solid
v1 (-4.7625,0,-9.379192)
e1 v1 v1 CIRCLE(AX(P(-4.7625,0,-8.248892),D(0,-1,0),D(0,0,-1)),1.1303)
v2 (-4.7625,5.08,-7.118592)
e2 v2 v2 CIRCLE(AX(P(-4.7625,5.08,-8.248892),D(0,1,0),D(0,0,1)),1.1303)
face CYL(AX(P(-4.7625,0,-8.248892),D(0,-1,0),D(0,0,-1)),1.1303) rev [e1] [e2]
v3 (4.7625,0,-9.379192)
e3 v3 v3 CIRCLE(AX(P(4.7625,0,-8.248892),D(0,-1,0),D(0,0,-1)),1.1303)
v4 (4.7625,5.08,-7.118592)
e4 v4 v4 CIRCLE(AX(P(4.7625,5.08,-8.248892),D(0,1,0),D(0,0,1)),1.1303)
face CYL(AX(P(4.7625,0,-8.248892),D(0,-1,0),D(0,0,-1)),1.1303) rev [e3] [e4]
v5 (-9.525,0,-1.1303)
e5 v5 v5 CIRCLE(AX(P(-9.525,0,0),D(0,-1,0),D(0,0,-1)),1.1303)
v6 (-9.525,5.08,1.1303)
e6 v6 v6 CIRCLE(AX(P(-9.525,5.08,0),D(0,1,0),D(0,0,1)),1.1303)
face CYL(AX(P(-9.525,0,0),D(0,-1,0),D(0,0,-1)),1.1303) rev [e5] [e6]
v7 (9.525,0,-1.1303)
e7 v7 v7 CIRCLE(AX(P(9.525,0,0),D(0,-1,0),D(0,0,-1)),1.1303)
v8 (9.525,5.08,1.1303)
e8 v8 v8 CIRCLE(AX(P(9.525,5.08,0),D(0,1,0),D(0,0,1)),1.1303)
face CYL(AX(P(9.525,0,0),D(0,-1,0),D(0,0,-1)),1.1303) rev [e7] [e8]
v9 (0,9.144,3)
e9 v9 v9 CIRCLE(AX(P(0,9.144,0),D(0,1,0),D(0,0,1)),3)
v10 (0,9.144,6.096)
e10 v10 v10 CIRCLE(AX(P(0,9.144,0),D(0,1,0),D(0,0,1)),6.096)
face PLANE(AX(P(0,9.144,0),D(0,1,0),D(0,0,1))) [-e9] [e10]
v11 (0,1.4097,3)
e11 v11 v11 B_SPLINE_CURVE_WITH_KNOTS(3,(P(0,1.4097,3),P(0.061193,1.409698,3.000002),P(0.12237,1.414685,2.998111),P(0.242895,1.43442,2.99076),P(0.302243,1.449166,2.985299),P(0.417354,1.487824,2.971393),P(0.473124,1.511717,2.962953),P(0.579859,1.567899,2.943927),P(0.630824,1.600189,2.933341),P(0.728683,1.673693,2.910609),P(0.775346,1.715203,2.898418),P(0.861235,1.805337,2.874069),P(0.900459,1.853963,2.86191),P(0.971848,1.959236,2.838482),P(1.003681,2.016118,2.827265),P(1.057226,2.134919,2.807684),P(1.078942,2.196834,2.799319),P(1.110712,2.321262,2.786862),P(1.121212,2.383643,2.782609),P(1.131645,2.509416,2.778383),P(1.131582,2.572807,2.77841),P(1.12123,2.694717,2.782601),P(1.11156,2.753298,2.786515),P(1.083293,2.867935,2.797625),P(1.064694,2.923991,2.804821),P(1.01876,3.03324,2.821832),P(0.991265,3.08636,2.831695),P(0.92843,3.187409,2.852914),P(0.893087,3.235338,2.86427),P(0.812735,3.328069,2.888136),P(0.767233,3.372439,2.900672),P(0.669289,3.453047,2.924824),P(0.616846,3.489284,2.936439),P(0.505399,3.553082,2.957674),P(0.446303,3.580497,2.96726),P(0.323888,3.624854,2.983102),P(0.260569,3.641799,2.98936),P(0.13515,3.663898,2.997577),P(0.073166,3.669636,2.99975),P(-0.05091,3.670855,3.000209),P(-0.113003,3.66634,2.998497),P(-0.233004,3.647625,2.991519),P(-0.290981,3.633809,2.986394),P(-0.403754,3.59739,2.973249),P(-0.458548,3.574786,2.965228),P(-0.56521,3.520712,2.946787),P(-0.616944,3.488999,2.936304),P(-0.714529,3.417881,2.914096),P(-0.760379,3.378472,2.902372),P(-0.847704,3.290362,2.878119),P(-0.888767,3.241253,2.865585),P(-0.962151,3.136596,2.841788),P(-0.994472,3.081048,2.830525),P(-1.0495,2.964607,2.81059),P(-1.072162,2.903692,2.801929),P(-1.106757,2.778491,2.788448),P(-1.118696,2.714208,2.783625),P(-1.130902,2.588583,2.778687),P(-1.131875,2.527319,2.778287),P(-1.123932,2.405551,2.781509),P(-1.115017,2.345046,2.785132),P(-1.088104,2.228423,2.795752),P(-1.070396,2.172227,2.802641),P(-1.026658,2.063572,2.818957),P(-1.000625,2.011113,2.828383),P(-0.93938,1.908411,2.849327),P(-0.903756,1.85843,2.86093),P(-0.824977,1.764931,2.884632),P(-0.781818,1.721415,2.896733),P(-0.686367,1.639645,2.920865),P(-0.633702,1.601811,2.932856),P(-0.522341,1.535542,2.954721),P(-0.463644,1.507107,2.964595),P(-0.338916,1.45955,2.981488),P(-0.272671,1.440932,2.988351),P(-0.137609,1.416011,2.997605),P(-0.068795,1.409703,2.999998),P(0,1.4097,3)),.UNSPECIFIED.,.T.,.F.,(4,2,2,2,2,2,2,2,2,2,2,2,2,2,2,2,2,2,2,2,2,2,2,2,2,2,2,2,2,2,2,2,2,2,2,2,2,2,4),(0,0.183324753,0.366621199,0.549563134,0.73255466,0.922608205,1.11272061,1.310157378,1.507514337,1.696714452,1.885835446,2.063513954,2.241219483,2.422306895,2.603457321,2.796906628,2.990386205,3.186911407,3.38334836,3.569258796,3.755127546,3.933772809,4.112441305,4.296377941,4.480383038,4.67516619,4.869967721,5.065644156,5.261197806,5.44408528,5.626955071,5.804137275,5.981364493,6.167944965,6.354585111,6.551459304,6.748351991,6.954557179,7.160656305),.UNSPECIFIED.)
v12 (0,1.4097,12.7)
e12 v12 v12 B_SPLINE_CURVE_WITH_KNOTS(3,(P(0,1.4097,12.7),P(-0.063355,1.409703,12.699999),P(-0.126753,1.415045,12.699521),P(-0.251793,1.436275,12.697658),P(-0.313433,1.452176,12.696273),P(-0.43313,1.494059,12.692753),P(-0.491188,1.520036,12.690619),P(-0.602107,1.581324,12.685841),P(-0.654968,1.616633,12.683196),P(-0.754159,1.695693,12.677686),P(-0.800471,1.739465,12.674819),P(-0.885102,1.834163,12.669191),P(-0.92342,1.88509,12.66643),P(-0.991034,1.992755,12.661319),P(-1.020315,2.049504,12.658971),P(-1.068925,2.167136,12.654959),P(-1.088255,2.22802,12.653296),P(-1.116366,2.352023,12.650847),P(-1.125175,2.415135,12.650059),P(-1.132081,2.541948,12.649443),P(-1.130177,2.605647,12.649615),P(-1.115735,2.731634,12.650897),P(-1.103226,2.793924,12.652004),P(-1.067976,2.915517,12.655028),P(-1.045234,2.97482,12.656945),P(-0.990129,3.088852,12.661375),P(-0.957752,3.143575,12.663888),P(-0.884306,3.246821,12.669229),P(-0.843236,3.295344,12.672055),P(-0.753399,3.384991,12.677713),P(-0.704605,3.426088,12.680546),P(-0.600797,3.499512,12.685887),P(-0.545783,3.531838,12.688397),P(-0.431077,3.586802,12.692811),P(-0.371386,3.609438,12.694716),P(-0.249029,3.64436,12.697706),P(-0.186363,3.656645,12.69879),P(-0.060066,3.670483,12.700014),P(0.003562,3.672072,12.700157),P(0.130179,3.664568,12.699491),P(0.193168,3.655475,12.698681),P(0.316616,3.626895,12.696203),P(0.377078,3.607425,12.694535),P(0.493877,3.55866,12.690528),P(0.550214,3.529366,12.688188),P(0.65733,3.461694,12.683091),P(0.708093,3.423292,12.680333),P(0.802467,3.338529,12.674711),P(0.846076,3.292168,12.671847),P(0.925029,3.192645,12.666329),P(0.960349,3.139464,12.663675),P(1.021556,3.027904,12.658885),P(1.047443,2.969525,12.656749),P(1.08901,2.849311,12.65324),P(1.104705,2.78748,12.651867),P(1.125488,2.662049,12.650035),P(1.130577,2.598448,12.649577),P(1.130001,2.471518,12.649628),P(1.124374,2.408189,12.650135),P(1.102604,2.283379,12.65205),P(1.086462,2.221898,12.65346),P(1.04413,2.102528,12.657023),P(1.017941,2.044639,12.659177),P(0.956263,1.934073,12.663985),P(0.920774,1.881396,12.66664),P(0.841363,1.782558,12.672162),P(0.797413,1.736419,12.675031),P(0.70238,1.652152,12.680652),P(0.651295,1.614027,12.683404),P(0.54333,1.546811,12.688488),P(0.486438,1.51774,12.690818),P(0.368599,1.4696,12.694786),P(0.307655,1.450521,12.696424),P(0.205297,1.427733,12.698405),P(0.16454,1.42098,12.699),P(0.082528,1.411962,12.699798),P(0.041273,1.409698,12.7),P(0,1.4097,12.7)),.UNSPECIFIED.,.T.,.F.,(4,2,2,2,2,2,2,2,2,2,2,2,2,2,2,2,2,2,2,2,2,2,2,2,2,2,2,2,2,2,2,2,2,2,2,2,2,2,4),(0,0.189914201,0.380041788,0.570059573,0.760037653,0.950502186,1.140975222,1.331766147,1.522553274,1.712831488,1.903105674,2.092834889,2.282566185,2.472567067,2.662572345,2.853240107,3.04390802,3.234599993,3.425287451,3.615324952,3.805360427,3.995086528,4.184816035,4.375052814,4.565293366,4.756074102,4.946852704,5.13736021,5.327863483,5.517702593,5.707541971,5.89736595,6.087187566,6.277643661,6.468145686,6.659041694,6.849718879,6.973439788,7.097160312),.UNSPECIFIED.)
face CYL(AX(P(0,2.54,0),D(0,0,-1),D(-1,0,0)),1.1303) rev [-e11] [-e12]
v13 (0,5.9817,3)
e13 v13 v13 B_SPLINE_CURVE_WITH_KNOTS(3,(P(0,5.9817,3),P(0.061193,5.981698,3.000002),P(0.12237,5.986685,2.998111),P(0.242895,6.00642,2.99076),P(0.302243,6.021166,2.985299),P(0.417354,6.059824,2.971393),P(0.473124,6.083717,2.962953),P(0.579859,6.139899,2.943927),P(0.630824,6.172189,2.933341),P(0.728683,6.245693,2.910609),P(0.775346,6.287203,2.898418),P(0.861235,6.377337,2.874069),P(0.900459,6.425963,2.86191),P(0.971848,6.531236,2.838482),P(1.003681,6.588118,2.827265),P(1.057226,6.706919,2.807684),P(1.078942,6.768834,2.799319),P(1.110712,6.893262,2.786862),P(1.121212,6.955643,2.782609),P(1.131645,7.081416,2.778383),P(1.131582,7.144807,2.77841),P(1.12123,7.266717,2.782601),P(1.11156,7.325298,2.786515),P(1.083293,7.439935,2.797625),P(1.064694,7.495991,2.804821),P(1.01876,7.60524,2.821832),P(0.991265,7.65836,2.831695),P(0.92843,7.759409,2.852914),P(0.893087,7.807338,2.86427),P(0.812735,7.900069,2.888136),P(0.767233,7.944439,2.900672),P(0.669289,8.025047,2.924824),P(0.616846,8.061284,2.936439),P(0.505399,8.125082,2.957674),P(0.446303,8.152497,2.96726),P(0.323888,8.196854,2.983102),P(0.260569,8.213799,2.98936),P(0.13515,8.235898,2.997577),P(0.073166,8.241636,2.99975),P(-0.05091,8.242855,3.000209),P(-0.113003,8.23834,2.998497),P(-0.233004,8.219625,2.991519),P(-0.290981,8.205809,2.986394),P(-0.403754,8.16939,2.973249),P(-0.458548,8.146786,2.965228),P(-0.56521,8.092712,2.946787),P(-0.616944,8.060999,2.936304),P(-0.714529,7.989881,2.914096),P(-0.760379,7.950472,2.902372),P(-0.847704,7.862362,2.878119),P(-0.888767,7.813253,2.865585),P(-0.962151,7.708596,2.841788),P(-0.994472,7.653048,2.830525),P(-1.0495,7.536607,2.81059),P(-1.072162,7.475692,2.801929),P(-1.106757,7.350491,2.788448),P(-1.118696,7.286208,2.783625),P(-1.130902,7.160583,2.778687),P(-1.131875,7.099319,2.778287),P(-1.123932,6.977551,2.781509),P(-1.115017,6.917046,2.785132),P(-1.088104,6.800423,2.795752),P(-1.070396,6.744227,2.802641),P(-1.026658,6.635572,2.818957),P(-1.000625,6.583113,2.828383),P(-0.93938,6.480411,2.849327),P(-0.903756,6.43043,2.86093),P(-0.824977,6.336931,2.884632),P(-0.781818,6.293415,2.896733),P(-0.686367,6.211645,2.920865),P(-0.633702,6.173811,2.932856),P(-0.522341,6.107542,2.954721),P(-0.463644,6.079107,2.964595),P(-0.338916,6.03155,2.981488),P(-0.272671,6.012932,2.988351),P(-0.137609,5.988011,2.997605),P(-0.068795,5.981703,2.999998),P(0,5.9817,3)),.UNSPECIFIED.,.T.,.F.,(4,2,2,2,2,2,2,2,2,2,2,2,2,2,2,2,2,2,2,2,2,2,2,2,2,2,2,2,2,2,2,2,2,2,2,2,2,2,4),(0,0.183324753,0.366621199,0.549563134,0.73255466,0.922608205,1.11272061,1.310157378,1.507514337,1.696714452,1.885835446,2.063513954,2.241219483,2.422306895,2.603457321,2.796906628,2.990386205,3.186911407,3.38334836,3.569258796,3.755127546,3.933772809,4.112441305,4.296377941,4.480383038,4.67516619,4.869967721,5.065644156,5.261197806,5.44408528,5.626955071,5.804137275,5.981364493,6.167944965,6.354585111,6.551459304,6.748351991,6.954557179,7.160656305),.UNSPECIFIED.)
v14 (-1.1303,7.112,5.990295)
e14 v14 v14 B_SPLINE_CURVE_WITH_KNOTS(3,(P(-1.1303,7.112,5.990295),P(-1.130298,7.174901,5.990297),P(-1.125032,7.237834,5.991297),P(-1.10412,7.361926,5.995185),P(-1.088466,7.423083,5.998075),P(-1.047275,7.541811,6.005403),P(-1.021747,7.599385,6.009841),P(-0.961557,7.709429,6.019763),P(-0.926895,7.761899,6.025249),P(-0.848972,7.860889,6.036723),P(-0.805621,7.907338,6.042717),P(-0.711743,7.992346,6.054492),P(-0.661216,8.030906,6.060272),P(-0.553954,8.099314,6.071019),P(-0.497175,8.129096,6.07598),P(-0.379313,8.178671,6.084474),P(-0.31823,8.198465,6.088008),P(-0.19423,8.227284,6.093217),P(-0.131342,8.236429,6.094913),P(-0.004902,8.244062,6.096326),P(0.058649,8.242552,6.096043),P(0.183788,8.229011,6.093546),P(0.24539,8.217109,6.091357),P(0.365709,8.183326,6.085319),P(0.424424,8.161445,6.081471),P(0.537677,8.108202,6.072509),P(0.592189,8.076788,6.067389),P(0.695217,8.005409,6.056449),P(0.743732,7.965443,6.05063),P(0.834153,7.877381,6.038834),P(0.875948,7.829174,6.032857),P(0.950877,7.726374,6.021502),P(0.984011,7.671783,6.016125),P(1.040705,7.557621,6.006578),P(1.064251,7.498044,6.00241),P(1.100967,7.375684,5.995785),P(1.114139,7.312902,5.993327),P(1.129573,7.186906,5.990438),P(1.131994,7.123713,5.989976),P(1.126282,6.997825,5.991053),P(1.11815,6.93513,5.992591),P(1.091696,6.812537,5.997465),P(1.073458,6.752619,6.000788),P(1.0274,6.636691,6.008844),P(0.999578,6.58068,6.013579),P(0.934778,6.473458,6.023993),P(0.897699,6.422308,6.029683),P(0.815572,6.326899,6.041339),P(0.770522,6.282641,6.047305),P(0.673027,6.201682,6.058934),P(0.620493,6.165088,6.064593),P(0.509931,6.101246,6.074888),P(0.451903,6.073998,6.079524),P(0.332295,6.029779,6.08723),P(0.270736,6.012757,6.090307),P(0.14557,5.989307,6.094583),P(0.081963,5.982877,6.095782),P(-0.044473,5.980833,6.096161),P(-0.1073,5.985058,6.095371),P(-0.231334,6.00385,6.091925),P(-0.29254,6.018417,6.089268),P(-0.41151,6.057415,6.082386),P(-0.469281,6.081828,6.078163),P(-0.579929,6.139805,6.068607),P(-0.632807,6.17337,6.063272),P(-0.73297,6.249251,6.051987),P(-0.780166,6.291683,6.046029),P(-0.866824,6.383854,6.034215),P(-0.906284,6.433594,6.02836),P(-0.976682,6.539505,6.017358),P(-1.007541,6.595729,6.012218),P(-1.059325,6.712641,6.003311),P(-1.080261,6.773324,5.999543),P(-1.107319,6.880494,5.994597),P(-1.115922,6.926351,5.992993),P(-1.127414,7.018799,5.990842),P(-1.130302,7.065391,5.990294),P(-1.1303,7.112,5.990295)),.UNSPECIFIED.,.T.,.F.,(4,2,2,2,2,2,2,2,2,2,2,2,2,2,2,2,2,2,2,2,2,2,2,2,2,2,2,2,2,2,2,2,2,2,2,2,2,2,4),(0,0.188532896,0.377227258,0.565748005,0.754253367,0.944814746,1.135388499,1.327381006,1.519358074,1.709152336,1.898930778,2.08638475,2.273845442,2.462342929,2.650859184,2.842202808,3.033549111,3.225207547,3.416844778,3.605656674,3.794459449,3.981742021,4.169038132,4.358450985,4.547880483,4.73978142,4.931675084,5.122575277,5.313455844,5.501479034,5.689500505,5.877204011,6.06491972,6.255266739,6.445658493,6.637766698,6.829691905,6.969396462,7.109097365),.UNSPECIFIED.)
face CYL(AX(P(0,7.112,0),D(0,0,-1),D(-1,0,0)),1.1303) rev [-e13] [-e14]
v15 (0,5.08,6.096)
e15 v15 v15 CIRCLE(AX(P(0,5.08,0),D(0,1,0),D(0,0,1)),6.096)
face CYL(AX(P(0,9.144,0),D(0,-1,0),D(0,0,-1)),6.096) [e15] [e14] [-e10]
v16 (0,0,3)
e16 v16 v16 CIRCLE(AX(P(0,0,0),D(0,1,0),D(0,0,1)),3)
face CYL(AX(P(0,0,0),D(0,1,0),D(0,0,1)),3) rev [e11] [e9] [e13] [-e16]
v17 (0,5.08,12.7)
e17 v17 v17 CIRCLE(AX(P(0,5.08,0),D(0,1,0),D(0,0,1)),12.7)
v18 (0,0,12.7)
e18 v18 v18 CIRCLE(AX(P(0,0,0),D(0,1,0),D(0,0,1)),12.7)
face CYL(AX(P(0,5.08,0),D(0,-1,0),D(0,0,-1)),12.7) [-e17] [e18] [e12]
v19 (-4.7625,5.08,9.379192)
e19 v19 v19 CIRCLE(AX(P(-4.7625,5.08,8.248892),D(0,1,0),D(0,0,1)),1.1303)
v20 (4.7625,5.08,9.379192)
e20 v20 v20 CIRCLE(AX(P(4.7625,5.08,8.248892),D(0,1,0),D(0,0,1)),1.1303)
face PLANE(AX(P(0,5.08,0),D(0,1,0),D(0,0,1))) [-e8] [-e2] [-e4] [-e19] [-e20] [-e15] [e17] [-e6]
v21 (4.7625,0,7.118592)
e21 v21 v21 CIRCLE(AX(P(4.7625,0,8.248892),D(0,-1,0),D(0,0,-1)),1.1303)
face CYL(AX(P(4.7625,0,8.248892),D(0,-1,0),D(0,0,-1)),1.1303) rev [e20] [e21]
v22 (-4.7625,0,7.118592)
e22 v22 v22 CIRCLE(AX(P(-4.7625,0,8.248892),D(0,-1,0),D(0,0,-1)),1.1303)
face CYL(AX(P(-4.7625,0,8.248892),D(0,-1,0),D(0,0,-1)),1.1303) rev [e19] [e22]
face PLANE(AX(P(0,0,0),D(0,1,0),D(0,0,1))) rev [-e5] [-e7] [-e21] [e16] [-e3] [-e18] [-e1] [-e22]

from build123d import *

# Parameters (mm, degrees)
SKETCH1_R                      = 12.7
BOSS_EXTRUDE1_DEPTH            = 5.08
SKETCH2_R                      = 6.096
BOSS_EXTRUDE2_DEPTH            = 4.064
SKETCH3_R                      = 3
CUT_EXTRUDE1_DEPTH             = 21.154223776
SKETCH7_W                      = 1.1303
SKETCH7_H                      = 12.7
F_4_40_TAPPED_HOLE1_AT_2_COUNT = 2
F_4_40_TAPPED_HOLE1_AT_2_PITCH = 4.572
F_4_40_TAPPED_HOLE2_D          = 2.2606


with BuildPart() as part:
    # Sketch1 → Boss-Extrude1 (new body)
    with BuildSketch(Plane(origin=(0, 0, 0), x_dir=(1, 0, 0), z_dir=(0, 1, 0))):
        with Locations(Location((0, 0, 0), (0, 0, 270))):
            Circle(SKETCH1_R)
    extrude(amount=BOSS_EXTRUDE1_DEPTH)

    # Sketch2 → Boss-Extrude2 (add)
    with BuildSketch(Plane(origin=(0, 5.08, 0), x_dir=(1, 0, 0), z_dir=(0, 1, 0))):
        with Locations(Location((0, 0, 0), (0, 0, 270))):
            Circle(SKETCH2_R)
    extrude(amount=BOSS_EXTRUDE2_DEPTH)

    # Sketch3 → Cut-Extrude1 (cut, through all)
    with BuildSketch(Plane(origin=(0, 9.144, 0), x_dir=(1, 0, 0), z_dir=(0, 1, 0))):
        with Locations(Location((0, 0, 0), (0, 0, 270))):
            Circle(SKETCH3_R)
    extrude(amount=-CUT_EXTRUDE1_DEPTH, mode=Mode.SUBTRACT)

    # Sketch7 → #4-40 Tapped Hole1 (revolve, cut)
    with BuildSketch(Plane(origin=(0, 7.112, 0), x_dir=(0, 1, 0), z_dir=(1, 0, 0))):
        with Locations((0.56515, 6.35)):
            Rectangle(SKETCH7_W, SKETCH7_H)
    f_4_40_tapped_hole1 = revolve(axis=Axis((0, 7.112, -6.35), (0, 0, 1)), mode=Mode.SUBTRACT)

    # #4-40 Tapped Hole1 at 2: #4-40 Tapped Hole1 ×2
    with Locations(*[(0, -i * F_4_40_TAPPED_HOLE1_AT_2_PITCH, 0) for i in range(1, F_4_40_TAPPED_HOLE1_AT_2_COUNT)]):
        add(f_4_40_tapped_hole1, mode=Mode.SUBTRACT)

    # #4-40 Tapped Hole2 (through all)
    with Locations(Plane(origin=(0, 0, 0), x_dir=(-1, 0, 0), z_dir=(0, -1, 0))):
        with Locations((9.525, 0), (4.7625, -8.248891971), (-4.7625, -8.248891971), (-9.525, 0), (-4.7625, 8.248891971), (4.7625, 8.248891971)):
            Hole(F_4_40_TAPPED_HOLE2_D / 2)


solid = part.part
